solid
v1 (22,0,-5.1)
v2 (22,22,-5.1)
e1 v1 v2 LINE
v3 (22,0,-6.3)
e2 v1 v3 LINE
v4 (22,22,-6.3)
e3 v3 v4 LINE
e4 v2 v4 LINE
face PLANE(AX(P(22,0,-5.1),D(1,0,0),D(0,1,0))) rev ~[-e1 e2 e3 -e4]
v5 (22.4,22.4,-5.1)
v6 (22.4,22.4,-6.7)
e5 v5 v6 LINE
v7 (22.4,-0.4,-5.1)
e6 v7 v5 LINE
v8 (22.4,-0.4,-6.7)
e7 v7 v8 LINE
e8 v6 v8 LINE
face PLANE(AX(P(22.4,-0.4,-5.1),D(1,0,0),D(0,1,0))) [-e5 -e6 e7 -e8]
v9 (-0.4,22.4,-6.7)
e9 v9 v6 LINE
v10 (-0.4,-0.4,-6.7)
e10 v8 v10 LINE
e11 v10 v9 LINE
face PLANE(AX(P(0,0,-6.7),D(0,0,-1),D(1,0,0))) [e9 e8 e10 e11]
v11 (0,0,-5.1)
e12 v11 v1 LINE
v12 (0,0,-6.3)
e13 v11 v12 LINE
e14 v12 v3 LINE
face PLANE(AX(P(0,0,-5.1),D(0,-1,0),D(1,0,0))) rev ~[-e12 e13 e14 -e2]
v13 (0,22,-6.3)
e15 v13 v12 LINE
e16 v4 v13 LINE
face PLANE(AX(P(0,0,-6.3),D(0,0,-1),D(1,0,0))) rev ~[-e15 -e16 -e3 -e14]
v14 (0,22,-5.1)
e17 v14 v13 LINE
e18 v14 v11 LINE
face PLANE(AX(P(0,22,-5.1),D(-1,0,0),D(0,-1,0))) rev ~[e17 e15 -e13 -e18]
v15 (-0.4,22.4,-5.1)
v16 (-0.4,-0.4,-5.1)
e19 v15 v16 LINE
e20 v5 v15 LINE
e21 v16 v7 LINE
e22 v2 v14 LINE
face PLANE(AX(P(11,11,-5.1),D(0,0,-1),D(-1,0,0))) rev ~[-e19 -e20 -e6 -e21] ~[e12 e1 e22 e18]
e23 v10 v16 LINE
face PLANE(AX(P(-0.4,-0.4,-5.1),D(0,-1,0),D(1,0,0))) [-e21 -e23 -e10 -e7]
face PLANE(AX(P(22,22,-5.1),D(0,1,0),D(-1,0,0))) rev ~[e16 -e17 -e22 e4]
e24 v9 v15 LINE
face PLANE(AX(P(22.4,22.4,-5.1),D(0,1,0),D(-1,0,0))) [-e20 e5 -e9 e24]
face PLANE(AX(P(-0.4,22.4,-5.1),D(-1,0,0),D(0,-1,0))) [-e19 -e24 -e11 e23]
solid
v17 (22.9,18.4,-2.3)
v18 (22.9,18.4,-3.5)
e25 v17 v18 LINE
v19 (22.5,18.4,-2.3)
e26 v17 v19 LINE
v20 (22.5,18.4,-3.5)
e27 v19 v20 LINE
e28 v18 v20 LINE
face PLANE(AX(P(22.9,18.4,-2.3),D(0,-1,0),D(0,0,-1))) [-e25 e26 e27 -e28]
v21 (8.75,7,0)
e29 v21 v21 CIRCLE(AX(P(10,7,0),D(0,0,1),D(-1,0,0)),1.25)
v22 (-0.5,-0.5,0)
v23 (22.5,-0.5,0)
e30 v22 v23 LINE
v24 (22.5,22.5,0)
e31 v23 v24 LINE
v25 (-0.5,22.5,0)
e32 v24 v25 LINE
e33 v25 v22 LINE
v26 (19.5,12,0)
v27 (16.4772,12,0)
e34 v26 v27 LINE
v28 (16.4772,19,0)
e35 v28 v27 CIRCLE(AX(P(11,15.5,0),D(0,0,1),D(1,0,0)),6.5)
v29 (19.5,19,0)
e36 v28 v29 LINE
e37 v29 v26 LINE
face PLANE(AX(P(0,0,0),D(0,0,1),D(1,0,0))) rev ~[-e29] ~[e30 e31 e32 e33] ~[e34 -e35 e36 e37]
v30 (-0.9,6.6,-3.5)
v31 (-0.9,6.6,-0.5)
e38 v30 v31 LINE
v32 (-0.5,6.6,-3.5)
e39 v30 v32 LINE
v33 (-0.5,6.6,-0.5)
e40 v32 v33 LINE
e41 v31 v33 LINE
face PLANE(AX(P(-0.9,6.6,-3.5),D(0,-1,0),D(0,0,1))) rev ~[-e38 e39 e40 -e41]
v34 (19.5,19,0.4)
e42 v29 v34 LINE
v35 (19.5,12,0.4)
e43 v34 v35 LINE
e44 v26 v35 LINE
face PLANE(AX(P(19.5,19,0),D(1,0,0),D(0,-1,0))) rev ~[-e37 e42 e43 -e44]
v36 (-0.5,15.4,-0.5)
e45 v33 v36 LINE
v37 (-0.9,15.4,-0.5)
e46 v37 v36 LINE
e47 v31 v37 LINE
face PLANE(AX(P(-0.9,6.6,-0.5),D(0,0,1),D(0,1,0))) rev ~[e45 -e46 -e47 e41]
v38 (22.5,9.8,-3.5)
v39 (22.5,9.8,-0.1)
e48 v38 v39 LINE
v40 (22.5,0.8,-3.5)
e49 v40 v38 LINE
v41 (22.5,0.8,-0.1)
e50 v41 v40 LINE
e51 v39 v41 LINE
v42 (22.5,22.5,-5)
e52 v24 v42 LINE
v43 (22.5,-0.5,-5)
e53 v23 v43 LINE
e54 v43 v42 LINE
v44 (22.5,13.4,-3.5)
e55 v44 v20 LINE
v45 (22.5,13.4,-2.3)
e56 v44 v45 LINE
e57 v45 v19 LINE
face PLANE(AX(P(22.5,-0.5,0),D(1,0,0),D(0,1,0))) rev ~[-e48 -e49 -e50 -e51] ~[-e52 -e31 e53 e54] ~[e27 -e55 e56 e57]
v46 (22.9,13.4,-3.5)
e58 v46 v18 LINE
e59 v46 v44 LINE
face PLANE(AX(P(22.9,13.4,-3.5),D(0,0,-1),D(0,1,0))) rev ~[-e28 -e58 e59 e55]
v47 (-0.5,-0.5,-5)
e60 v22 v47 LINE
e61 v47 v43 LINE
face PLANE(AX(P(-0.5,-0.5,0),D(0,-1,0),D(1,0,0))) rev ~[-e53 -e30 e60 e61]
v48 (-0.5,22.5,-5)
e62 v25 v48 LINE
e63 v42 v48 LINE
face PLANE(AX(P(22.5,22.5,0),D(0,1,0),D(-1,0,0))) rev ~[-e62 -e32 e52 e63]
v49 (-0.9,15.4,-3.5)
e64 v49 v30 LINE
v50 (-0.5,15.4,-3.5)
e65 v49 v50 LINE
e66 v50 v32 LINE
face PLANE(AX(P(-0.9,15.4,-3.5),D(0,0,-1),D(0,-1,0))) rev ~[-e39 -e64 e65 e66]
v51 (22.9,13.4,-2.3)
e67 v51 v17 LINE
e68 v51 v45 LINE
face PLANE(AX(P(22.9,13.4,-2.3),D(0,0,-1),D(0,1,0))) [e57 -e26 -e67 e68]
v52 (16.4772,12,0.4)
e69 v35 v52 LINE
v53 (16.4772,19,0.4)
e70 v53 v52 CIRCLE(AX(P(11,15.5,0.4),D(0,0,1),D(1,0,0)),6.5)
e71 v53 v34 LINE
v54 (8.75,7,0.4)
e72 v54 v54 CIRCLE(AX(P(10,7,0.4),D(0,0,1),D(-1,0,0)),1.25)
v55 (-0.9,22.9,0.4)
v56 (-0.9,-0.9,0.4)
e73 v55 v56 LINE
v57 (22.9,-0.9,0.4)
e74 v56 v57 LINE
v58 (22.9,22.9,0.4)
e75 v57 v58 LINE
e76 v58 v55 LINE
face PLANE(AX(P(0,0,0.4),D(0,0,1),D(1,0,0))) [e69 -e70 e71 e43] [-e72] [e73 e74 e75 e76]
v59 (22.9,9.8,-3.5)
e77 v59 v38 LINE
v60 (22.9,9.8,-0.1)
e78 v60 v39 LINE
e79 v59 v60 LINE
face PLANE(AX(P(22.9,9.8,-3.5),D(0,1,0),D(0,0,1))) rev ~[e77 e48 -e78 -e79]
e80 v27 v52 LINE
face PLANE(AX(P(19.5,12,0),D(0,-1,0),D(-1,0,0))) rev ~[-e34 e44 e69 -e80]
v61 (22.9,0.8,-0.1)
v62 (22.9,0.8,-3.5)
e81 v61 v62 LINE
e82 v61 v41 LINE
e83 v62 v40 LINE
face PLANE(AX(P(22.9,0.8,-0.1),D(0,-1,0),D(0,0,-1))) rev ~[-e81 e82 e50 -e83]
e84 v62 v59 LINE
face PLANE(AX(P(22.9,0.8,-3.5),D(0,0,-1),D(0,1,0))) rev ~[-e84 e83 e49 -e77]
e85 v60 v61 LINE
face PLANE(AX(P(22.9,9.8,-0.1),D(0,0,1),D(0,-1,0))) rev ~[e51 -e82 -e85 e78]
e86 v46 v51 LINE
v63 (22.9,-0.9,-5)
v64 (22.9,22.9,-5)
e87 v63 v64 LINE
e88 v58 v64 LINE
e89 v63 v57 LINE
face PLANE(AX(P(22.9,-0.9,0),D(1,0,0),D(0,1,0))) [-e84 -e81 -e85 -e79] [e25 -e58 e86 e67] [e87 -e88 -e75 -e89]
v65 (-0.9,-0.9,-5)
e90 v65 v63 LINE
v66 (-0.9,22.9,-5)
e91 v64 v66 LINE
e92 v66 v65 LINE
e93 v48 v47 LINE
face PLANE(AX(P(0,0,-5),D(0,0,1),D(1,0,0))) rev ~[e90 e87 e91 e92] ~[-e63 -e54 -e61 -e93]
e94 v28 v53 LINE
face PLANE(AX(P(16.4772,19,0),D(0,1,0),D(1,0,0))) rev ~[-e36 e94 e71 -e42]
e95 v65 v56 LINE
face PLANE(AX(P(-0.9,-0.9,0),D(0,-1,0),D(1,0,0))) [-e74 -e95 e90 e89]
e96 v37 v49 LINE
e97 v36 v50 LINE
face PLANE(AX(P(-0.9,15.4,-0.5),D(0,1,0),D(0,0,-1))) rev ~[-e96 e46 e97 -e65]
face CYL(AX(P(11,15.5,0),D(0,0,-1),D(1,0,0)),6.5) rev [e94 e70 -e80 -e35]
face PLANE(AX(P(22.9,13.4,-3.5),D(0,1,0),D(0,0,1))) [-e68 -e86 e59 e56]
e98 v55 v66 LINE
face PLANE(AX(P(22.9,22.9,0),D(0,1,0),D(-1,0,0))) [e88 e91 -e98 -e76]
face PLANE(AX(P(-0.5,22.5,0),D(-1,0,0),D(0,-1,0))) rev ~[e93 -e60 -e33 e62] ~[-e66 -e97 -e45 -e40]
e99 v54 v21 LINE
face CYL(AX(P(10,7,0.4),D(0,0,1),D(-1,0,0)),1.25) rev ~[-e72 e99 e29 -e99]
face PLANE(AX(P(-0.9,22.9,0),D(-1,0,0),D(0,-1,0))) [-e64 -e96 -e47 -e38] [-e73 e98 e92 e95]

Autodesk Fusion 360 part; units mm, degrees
sketch "Sketch1" plane through (0, 0, 0) normal (0, 0, 1) x (1, 0, 0)
  line L0 (0, 0) -> (22, 0) construction
  line L1 (22, 0) -> (22, 22) construction
  line L2 (22, 22) -> (0, 22) construction
  line L3 (0, 22) -> (0, 0) construction
  line L4 (22.4, -0.4) -> (22.4, 22.4) construction
  line L5 (22.4, 22.4) -> (-0.4, 22.4) construction
  line L6 (-0.4, 22.4) -> (-0.4, -0.4) construction
  line L7 (-0.4, -0.4) -> (22.4, -0.4) construction
  circle A0 centre (11, 15.5) radius 6.5
  line L8 (16.4772, 19) -> (19.5, 19)
  line L9 (19.5, 19) -> (19.5, 12)
  line L10 (19.5, 12) -> (16.4772, 12)
  line L11 (16.4772, 12) -> (16.4772, 19)
  line L12 (-0.5, 22.5) -> (-0.5, -0.5)
  line L13 (-0.5, -0.5) -> (22.5, -0.5)
  line L14 (22.5, -0.5) -> (22.5, 22.5)
  line L15 (22.5, 22.5) -> (-0.5, 22.5)
  line L16 (-0.9, -0.9) -> (22.9, -0.9)
  line L17 (22.9, -0.9) -> (22.9, 22.9)
  line L18 (22.9, 22.9) -> (-0.9, 22.9)
  line L19 (-0.9, 22.9) -> (-0.9, -0.9)
  dimension "d1" = 22
  dimension "d2" = 22
  dimension "d3" = 0.4
  dimension "d4" = 13
  dimension "d5" = 11
  dimension "d6" = 8.5
  dimension "d7" = 7
  dimension "d37" = 0.5
  dimension "d38" = 0.9
extrude "Extrude1" add sketch "Sketch1" along normal blind 0.4 contours L12 L13 L14 L15 | L16 L17 L18 L19 makes body 1
extrude "Extrude2" add sketch "Sketch1" against normal blind 5 contours L16 L17 L18 L19 bodies 1
sketch "Sketch2" plane through (-0.9, 0, 0) normal (-1, 0, 0) x (0, -1, 0)
  line L0 (0.4, -3.5) -> (0.4, 0)
  line L1 (-22.4, 0) -> (-22.4, -3.5)
  line L2 (-22.4, -3.5) -> (0.4, -3.5)
  line L3 (-15.4, -3.5) -> (-6.6, -3.5)
  line L4 (-6.6, -3.5) -> (-6.6, -0.5)
  line L5 (-6.6, -0.5) -> (-15.4, -0.5)
  line L6 (-15.4, -0.5) -> (-15.4, -3.5)
  line L7 (0.4, 0) -> (-22.4, 0)
  line L8 (0.9, -5) -> (0.9, 0.4)
  line L9 (0.9, 0.4) -> (-22.9, 0.4)
  line L10 (-22.9, 0.4) -> (-22.9, -5)
  line L11 (-22.9, -5) -> (0.9, -5)
  dimension "d12" = 7
  dimension "d13" = 7
  dimension "d14" = 3
extrude "Extrude3" cut sketch "Sketch2" against normal blind 0.4 contours L2 L3 L4 L5 L6 bodies 1
sketch "Sketch3" plane through (22.9, 0, 0) normal (1, 0, 0) x (0, 1, 0)
  line L0 (22.4, -3.5) -> (22.4, 0)
  line L1 (-0.4, 0) -> (-0.4, -3.5)
  line L2 (-0.4, -3.5) -> (22.4, -3.5)
  line L3 (0.8, -3.5) -> (9.8, -3.5)
  line L4 (9.8, -3.5) -> (9.8, -0.1)
  line L5 (9.8, -0.1) -> (0.8, -0.1)
  line L6 (0.8, -0.1) -> (0.8, -3.5)
  line L7 (22.4, 0) -> (-0.4, 0)
  line L8 (22.9, -5) -> (22.9, 0.4)
  line L9 (22.9, 0.4) -> (-0.9, 0.4)
  line L10 (-0.9, 0.4) -> (-0.9, -5)
  line L11 (-0.9, -5) -> (22.9, -5)
  dimension "d17" = 9
  dimension "d18" = 3.4
  dimension "d19" = 1.2
extrude "Extrude4" cut sketch "Sketch3" against normal up to surface (0.4 mm away) contours L2 L3 L4 L5 L6 bodies 1
sketch "Sketch4" plane through (22.9, 0, 0) normal (1, 0, 0) x (0, 1, 0)
  line L0 (9.8, -0.1) -> (9.8, -3.5)
  line L1 (9.8, -3.5) -> (22.4, -3.5)
  line L2 (22.4, -3.5) -> (22.4, 0)
  line L3 (-0.4, 0) -> (-0.4, -3.5)
  line L4 (-0.4, -3.5) -> (0.8, -3.5)
  line L5 (0.8, -3.5) -> (0.8, -0.1)
  line L6 (0.8, -0.1) -> (9.8, -0.1)
  line L7 (18.4, -3.5) -> (13.4, -3.5)
  line L8 (13.4, -3.5) -> (13.4, -2.3)
  line L9 (13.4, -2.3) -> (18.4, -2.3)
  line L10 (18.4, -2.3) -> (18.4, -3.5)
  line L11 (22.4, 0) -> (-0.4, 0)
  line L12 (9.8, -0.1) -> (9.8, -3.5)
  line L13 (-0.9, -5) -> (22.9, -5)
  line L14 (22.9, -5) -> (22.9, 0.4)
  line L15 (22.9, 0.4) -> (-0.9, 0.4)
  line L16 (-0.9, 0.4) -> (-0.9, -5)
  line L17 (0.8, -3.5) -> (0.8, -0.1)
  line L18 (0.8, -0.1) -> (9.8, -0.1)
  line L19 (9.8, -3.5) -> (0.8, -3.5)
  dimension "d22" = 4
  dimension "d23" = 5
  dimension "d24" = 1.2
extrude "Extrude5" cut sketch "Sketch4" against normal up to surface (0.4 mm away) contours L1 L7 L8 L9 L10 bodies 1
ref_plane "WorkPlane1" through (11, 11, -5.1) normal (0, 0, -1) x (-1, 0, 0)
sketch "Sketch5" plane through (11, 11, -5.1) normal (0, 0, -1) x (-1, 0, 0)
  line L0 (-11, -11) -> (-11, 11)
  line L1 (-11, 11) -> (11, 11)
  line L2 (-11.4, 11.4) -> (11.4, 11.4)
  line L3 (-11.4, -11.4) -> (-11.4, 11.4)
  line L4 (11.4, 11.4) -> (11.4, -11.4)
  line L5 (11, 11) -> (11, -11)
  line L6 (11, -11) -> (-11, -11)
  line L7 (11.4, -11.4) -> (-11.4, -11.4)
extrude "Extrude6" add sketch "Sketch5" along normal blind 1.2 separate body makes body 2
sketch "Sketch6" plane through (0, 0, -6.3) normal (0, 0, -1) x (1, 0, 0)
  line L0 (0, -22) -> (0, 0)
  line L1 (0, 0) -> (22, 0)
  line L2 (22, 0) -> (22, -22)
  line L3 (22, -22) -> (0, -22)
  line L4 (-0.4, 0.4) -> (-0.4, -22.4)
  line L5 (-0.4, -22.4) -> (22.4, -22.4)
  line L6 (22.4, -22.4) -> (22.4, 0.4)
  line L7 (22.4, 0.4) -> (-0.4, 0.4)
extrude "Extrude7" add sketch "Sketch6" along normal blind 0.4 contours L0 L1 L2 L3 | L4 L5 L6 L7 bodies 2
sketch "Sketch7" plane through (0, 0, 0.4) normal (0, 0, 1) x (-1, 0, 0)
  arc A0 (-16.4772, -19) -> (-16.4772, -12) centre (-11, -15.5) ccw
  line L0 (-16.4772, -19) -> (-19.5, -19)
  line L1 (-19.5, -19) -> (-19.5, -12)
  line L2 (-19.5, -12) -> (-16.4772, -12)
  circle A1 centre (-10, -7) radius 1.25
  line L3 (0.9, -22.9) -> (0.9, 0.9)
  line L4 (0.9, 0.9) -> (-22.9, 0.9)
  line L5 (-22.9, 0.9) -> (-22.9, -22.9)
  line L6 (-22.9, -22.9) -> (0.9, -22.9)
  dimension "d34" = 2.5
extrude "Extrude8" cut sketch "Sketch7" against normal up to surface (0.4 mm away) contours A1 bodies 1
